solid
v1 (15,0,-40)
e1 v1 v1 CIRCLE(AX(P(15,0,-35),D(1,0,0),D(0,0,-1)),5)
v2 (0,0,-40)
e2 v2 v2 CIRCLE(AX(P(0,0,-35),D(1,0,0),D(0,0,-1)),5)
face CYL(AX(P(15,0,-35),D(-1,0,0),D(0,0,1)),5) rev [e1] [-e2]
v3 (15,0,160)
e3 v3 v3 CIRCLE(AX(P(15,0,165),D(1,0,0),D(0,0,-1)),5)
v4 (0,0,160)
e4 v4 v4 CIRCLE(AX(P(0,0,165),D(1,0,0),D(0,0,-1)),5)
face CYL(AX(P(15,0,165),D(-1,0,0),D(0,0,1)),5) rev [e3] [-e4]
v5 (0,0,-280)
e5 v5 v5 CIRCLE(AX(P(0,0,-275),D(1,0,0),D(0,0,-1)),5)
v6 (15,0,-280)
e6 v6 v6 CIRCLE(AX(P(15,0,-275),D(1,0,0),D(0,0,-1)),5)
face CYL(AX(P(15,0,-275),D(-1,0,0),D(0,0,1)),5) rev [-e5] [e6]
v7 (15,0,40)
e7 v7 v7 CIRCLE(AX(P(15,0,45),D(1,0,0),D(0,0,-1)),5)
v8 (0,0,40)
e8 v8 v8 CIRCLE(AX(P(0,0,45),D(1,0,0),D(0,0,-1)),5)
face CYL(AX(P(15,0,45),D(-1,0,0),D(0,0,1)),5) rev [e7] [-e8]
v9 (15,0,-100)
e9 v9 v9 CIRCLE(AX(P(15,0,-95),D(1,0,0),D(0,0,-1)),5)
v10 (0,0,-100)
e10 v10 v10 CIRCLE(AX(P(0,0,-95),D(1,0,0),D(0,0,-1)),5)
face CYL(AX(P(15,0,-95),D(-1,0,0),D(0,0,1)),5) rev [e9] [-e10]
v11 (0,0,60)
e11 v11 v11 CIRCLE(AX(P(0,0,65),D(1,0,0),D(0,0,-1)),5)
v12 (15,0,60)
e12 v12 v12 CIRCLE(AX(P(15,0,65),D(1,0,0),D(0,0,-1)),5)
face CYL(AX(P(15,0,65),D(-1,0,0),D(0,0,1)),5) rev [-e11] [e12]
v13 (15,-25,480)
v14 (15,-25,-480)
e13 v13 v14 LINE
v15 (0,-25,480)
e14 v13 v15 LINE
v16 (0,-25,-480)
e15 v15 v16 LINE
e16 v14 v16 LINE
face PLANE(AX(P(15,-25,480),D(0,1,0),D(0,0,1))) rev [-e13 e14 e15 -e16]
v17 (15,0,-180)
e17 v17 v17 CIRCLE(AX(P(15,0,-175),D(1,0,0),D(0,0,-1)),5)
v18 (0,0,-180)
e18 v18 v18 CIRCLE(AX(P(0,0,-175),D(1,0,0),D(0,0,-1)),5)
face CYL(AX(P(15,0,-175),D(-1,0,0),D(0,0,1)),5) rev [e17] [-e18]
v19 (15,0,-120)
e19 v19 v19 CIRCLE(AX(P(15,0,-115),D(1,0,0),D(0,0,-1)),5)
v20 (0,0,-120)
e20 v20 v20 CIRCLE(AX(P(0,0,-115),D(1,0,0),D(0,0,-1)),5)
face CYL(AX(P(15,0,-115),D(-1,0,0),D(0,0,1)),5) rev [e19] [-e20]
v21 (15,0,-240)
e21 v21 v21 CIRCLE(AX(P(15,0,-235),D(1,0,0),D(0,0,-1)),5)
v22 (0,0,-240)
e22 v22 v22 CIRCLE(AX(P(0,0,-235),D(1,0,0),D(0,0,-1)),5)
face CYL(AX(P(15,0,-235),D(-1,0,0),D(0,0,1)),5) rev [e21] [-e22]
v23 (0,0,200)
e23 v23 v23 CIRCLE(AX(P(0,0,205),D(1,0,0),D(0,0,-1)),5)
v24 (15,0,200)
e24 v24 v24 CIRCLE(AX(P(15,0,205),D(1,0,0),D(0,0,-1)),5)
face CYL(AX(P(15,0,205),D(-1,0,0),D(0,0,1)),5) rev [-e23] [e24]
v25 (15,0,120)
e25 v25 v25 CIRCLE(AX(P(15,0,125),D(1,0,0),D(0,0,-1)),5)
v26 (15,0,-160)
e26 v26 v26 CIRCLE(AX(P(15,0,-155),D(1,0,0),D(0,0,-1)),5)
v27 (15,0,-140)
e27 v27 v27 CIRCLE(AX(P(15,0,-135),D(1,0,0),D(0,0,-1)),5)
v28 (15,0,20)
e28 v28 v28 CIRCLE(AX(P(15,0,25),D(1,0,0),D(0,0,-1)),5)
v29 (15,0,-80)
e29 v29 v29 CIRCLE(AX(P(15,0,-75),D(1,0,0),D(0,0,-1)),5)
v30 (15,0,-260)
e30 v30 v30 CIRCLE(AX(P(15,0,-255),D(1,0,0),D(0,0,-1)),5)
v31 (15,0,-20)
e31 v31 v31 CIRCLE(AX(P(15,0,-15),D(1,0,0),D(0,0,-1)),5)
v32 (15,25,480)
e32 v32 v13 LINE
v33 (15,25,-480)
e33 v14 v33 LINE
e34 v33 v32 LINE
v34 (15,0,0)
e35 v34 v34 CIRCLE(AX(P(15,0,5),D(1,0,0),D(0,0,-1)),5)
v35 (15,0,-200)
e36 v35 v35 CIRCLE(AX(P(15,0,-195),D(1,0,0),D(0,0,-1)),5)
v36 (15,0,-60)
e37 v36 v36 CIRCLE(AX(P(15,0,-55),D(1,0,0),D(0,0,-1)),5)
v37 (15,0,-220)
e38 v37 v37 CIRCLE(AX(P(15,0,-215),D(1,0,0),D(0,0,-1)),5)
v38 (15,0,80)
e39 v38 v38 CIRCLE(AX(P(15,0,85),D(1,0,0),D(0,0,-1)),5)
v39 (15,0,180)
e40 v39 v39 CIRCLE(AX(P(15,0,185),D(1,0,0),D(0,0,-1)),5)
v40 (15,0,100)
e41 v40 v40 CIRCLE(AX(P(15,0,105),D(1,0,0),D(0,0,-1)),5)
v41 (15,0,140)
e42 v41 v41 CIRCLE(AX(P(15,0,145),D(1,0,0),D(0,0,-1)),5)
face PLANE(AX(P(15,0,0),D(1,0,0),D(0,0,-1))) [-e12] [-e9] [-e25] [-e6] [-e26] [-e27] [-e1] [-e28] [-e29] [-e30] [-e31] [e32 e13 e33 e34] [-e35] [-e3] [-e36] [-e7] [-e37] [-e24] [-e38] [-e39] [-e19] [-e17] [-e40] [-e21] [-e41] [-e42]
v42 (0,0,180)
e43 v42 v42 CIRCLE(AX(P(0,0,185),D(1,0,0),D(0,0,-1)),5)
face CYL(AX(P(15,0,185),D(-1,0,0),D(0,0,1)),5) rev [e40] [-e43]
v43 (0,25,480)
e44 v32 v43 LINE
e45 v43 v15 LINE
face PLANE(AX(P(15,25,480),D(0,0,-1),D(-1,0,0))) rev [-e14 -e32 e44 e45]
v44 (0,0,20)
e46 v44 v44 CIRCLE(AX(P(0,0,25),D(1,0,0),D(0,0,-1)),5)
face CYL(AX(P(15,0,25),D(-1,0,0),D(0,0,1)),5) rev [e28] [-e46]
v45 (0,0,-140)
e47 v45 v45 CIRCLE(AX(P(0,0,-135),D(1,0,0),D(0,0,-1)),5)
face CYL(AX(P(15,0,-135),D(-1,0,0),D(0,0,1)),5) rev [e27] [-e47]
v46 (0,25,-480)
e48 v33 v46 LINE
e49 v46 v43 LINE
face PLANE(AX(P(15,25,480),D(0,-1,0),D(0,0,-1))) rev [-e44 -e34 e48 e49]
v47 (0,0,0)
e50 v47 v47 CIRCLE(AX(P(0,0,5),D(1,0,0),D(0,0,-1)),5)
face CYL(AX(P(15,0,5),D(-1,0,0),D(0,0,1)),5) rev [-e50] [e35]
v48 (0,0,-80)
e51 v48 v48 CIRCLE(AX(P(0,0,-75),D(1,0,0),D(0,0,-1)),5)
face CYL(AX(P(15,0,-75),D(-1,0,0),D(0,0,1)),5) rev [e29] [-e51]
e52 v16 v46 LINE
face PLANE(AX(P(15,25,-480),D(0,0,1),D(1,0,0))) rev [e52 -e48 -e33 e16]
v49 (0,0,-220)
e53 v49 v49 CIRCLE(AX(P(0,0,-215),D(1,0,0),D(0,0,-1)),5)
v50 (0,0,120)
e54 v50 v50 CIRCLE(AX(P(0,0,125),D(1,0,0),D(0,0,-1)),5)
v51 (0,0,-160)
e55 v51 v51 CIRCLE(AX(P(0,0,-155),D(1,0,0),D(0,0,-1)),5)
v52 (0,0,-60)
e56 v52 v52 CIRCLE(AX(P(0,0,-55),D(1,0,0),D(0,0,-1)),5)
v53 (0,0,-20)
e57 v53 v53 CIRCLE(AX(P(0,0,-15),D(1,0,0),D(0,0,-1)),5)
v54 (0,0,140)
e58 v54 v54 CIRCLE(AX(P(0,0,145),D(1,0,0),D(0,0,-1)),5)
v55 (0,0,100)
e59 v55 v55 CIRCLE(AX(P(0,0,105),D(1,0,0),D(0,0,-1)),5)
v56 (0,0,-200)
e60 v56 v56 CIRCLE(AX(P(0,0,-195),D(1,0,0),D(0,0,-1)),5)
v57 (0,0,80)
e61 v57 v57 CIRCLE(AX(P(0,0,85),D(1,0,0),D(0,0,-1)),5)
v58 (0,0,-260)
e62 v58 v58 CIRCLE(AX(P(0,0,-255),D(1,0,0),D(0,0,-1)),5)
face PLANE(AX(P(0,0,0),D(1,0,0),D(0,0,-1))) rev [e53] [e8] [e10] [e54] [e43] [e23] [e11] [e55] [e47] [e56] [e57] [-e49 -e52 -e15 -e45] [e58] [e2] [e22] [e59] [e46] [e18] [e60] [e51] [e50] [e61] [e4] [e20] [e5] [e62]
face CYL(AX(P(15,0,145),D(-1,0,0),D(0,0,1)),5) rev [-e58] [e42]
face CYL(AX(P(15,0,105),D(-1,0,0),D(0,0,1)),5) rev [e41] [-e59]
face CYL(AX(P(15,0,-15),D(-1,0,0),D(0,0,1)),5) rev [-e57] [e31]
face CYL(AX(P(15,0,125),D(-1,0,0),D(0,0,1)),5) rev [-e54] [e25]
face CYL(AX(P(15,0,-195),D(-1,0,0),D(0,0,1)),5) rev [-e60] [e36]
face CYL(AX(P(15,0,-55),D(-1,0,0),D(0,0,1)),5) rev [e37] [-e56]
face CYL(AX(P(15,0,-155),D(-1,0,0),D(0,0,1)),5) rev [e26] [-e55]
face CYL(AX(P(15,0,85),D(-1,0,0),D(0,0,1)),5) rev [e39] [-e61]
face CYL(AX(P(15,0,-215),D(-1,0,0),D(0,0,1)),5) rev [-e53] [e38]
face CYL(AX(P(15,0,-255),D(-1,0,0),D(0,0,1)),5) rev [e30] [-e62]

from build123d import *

# Parameters (mm, degrees)
SKETCH1_W           = 960
SKETCH1_H           = 50
SKETCH1_R           = 5
BOSS_EXTRUDE1_DEPTH = 15


with BuildPart() as part:
    # Sketch1 → Boss-Extrude1 (new body)
    with BuildSketch(Plane(origin=(0, 0, 0), x_dir=(0, 0, -1), z_dir=(1, 0, 0))):
        Rectangle(SKETCH1_W, SKETCH1_H)
        with Locations((-205, 0)):
            Circle(SKETCH1_R, mode=Mode.SUBTRACT)
        with Locations((-185, 0)):
            Circle(SKETCH1_R, mode=Mode.SUBTRACT)
        with Locations((-165, 0)):
            Circle(SKETCH1_R, mode=Mode.SUBTRACT)
        with Locations((-145, 0)):
            Circle(SKETCH1_R, mode=Mode.SUBTRACT)
        with Locations((-125, 0)):
            Circle(SKETCH1_R, mode=Mode.SUBTRACT)
        with Locations((-105, 0)):
            Circle(SKETCH1_R, mode=Mode.SUBTRACT)
        with Locations((-85, 0)):
            Circle(SKETCH1_R, mode=Mode.SUBTRACT)
        with Locations((-65, 0)):
            Circle(SKETCH1_R, mode=Mode.SUBTRACT)
        with Locations((-45, 0)):
            Circle(SKETCH1_R, mode=Mode.SUBTRACT)
        with Locations((-25, 0)):
            Circle(SKETCH1_R, mode=Mode.SUBTRACT)
        with Locations((-5, 0)):
            Circle(SKETCH1_R, mode=Mode.SUBTRACT)
        with Locations((15, 0)):
            Circle(SKETCH1_R, mode=Mode.SUBTRACT)
        with Locations((35, 0)):
            Circle(SKETCH1_R, mode=Mode.SUBTRACT)
        with Locations((55, 0)):
            Circle(SKETCH1_R, mode=Mode.SUBTRACT)
        with Locations((75, 0)):
            Circle(SKETCH1_R, mode=Mode.SUBTRACT)
        with Locations((95, 0)):
            Circle(SKETCH1_R, mode=Mode.SUBTRACT)
        with Locations((115, 0)):
            Circle(SKETCH1_R, mode=Mode.SUBTRACT)
        with Locations((135, 0)):
            Circle(SKETCH1_R, mode=Mode.SUBTRACT)
        with Locations((155, 0)):
            Circle(SKETCH1_R, mode=Mode.SUBTRACT)
        with Locations((175, 0)):
            Circle(SKETCH1_R, mode=Mode.SUBTRACT)
        with Locations((195, 0)):
            Circle(SKETCH1_R, mode=Mode.SUBTRACT)
        with Locations((215, 0)):
            Circle(SKETCH1_R, mode=Mode.SUBTRACT)
        with Locations((235, 0)):
            Circle(SKETCH1_R, mode=Mode.SUBTRACT)
        with Locations((255, 0)):
            Circle(SKETCH1_R, mode=Mode.SUBTRACT)
        with Locations((275, 0)):
            Circle(SKETCH1_R, mode=Mode.SUBTRACT)
    extrude(amount=BOSS_EXTRUDE1_DEPTH)


solid = part.part
